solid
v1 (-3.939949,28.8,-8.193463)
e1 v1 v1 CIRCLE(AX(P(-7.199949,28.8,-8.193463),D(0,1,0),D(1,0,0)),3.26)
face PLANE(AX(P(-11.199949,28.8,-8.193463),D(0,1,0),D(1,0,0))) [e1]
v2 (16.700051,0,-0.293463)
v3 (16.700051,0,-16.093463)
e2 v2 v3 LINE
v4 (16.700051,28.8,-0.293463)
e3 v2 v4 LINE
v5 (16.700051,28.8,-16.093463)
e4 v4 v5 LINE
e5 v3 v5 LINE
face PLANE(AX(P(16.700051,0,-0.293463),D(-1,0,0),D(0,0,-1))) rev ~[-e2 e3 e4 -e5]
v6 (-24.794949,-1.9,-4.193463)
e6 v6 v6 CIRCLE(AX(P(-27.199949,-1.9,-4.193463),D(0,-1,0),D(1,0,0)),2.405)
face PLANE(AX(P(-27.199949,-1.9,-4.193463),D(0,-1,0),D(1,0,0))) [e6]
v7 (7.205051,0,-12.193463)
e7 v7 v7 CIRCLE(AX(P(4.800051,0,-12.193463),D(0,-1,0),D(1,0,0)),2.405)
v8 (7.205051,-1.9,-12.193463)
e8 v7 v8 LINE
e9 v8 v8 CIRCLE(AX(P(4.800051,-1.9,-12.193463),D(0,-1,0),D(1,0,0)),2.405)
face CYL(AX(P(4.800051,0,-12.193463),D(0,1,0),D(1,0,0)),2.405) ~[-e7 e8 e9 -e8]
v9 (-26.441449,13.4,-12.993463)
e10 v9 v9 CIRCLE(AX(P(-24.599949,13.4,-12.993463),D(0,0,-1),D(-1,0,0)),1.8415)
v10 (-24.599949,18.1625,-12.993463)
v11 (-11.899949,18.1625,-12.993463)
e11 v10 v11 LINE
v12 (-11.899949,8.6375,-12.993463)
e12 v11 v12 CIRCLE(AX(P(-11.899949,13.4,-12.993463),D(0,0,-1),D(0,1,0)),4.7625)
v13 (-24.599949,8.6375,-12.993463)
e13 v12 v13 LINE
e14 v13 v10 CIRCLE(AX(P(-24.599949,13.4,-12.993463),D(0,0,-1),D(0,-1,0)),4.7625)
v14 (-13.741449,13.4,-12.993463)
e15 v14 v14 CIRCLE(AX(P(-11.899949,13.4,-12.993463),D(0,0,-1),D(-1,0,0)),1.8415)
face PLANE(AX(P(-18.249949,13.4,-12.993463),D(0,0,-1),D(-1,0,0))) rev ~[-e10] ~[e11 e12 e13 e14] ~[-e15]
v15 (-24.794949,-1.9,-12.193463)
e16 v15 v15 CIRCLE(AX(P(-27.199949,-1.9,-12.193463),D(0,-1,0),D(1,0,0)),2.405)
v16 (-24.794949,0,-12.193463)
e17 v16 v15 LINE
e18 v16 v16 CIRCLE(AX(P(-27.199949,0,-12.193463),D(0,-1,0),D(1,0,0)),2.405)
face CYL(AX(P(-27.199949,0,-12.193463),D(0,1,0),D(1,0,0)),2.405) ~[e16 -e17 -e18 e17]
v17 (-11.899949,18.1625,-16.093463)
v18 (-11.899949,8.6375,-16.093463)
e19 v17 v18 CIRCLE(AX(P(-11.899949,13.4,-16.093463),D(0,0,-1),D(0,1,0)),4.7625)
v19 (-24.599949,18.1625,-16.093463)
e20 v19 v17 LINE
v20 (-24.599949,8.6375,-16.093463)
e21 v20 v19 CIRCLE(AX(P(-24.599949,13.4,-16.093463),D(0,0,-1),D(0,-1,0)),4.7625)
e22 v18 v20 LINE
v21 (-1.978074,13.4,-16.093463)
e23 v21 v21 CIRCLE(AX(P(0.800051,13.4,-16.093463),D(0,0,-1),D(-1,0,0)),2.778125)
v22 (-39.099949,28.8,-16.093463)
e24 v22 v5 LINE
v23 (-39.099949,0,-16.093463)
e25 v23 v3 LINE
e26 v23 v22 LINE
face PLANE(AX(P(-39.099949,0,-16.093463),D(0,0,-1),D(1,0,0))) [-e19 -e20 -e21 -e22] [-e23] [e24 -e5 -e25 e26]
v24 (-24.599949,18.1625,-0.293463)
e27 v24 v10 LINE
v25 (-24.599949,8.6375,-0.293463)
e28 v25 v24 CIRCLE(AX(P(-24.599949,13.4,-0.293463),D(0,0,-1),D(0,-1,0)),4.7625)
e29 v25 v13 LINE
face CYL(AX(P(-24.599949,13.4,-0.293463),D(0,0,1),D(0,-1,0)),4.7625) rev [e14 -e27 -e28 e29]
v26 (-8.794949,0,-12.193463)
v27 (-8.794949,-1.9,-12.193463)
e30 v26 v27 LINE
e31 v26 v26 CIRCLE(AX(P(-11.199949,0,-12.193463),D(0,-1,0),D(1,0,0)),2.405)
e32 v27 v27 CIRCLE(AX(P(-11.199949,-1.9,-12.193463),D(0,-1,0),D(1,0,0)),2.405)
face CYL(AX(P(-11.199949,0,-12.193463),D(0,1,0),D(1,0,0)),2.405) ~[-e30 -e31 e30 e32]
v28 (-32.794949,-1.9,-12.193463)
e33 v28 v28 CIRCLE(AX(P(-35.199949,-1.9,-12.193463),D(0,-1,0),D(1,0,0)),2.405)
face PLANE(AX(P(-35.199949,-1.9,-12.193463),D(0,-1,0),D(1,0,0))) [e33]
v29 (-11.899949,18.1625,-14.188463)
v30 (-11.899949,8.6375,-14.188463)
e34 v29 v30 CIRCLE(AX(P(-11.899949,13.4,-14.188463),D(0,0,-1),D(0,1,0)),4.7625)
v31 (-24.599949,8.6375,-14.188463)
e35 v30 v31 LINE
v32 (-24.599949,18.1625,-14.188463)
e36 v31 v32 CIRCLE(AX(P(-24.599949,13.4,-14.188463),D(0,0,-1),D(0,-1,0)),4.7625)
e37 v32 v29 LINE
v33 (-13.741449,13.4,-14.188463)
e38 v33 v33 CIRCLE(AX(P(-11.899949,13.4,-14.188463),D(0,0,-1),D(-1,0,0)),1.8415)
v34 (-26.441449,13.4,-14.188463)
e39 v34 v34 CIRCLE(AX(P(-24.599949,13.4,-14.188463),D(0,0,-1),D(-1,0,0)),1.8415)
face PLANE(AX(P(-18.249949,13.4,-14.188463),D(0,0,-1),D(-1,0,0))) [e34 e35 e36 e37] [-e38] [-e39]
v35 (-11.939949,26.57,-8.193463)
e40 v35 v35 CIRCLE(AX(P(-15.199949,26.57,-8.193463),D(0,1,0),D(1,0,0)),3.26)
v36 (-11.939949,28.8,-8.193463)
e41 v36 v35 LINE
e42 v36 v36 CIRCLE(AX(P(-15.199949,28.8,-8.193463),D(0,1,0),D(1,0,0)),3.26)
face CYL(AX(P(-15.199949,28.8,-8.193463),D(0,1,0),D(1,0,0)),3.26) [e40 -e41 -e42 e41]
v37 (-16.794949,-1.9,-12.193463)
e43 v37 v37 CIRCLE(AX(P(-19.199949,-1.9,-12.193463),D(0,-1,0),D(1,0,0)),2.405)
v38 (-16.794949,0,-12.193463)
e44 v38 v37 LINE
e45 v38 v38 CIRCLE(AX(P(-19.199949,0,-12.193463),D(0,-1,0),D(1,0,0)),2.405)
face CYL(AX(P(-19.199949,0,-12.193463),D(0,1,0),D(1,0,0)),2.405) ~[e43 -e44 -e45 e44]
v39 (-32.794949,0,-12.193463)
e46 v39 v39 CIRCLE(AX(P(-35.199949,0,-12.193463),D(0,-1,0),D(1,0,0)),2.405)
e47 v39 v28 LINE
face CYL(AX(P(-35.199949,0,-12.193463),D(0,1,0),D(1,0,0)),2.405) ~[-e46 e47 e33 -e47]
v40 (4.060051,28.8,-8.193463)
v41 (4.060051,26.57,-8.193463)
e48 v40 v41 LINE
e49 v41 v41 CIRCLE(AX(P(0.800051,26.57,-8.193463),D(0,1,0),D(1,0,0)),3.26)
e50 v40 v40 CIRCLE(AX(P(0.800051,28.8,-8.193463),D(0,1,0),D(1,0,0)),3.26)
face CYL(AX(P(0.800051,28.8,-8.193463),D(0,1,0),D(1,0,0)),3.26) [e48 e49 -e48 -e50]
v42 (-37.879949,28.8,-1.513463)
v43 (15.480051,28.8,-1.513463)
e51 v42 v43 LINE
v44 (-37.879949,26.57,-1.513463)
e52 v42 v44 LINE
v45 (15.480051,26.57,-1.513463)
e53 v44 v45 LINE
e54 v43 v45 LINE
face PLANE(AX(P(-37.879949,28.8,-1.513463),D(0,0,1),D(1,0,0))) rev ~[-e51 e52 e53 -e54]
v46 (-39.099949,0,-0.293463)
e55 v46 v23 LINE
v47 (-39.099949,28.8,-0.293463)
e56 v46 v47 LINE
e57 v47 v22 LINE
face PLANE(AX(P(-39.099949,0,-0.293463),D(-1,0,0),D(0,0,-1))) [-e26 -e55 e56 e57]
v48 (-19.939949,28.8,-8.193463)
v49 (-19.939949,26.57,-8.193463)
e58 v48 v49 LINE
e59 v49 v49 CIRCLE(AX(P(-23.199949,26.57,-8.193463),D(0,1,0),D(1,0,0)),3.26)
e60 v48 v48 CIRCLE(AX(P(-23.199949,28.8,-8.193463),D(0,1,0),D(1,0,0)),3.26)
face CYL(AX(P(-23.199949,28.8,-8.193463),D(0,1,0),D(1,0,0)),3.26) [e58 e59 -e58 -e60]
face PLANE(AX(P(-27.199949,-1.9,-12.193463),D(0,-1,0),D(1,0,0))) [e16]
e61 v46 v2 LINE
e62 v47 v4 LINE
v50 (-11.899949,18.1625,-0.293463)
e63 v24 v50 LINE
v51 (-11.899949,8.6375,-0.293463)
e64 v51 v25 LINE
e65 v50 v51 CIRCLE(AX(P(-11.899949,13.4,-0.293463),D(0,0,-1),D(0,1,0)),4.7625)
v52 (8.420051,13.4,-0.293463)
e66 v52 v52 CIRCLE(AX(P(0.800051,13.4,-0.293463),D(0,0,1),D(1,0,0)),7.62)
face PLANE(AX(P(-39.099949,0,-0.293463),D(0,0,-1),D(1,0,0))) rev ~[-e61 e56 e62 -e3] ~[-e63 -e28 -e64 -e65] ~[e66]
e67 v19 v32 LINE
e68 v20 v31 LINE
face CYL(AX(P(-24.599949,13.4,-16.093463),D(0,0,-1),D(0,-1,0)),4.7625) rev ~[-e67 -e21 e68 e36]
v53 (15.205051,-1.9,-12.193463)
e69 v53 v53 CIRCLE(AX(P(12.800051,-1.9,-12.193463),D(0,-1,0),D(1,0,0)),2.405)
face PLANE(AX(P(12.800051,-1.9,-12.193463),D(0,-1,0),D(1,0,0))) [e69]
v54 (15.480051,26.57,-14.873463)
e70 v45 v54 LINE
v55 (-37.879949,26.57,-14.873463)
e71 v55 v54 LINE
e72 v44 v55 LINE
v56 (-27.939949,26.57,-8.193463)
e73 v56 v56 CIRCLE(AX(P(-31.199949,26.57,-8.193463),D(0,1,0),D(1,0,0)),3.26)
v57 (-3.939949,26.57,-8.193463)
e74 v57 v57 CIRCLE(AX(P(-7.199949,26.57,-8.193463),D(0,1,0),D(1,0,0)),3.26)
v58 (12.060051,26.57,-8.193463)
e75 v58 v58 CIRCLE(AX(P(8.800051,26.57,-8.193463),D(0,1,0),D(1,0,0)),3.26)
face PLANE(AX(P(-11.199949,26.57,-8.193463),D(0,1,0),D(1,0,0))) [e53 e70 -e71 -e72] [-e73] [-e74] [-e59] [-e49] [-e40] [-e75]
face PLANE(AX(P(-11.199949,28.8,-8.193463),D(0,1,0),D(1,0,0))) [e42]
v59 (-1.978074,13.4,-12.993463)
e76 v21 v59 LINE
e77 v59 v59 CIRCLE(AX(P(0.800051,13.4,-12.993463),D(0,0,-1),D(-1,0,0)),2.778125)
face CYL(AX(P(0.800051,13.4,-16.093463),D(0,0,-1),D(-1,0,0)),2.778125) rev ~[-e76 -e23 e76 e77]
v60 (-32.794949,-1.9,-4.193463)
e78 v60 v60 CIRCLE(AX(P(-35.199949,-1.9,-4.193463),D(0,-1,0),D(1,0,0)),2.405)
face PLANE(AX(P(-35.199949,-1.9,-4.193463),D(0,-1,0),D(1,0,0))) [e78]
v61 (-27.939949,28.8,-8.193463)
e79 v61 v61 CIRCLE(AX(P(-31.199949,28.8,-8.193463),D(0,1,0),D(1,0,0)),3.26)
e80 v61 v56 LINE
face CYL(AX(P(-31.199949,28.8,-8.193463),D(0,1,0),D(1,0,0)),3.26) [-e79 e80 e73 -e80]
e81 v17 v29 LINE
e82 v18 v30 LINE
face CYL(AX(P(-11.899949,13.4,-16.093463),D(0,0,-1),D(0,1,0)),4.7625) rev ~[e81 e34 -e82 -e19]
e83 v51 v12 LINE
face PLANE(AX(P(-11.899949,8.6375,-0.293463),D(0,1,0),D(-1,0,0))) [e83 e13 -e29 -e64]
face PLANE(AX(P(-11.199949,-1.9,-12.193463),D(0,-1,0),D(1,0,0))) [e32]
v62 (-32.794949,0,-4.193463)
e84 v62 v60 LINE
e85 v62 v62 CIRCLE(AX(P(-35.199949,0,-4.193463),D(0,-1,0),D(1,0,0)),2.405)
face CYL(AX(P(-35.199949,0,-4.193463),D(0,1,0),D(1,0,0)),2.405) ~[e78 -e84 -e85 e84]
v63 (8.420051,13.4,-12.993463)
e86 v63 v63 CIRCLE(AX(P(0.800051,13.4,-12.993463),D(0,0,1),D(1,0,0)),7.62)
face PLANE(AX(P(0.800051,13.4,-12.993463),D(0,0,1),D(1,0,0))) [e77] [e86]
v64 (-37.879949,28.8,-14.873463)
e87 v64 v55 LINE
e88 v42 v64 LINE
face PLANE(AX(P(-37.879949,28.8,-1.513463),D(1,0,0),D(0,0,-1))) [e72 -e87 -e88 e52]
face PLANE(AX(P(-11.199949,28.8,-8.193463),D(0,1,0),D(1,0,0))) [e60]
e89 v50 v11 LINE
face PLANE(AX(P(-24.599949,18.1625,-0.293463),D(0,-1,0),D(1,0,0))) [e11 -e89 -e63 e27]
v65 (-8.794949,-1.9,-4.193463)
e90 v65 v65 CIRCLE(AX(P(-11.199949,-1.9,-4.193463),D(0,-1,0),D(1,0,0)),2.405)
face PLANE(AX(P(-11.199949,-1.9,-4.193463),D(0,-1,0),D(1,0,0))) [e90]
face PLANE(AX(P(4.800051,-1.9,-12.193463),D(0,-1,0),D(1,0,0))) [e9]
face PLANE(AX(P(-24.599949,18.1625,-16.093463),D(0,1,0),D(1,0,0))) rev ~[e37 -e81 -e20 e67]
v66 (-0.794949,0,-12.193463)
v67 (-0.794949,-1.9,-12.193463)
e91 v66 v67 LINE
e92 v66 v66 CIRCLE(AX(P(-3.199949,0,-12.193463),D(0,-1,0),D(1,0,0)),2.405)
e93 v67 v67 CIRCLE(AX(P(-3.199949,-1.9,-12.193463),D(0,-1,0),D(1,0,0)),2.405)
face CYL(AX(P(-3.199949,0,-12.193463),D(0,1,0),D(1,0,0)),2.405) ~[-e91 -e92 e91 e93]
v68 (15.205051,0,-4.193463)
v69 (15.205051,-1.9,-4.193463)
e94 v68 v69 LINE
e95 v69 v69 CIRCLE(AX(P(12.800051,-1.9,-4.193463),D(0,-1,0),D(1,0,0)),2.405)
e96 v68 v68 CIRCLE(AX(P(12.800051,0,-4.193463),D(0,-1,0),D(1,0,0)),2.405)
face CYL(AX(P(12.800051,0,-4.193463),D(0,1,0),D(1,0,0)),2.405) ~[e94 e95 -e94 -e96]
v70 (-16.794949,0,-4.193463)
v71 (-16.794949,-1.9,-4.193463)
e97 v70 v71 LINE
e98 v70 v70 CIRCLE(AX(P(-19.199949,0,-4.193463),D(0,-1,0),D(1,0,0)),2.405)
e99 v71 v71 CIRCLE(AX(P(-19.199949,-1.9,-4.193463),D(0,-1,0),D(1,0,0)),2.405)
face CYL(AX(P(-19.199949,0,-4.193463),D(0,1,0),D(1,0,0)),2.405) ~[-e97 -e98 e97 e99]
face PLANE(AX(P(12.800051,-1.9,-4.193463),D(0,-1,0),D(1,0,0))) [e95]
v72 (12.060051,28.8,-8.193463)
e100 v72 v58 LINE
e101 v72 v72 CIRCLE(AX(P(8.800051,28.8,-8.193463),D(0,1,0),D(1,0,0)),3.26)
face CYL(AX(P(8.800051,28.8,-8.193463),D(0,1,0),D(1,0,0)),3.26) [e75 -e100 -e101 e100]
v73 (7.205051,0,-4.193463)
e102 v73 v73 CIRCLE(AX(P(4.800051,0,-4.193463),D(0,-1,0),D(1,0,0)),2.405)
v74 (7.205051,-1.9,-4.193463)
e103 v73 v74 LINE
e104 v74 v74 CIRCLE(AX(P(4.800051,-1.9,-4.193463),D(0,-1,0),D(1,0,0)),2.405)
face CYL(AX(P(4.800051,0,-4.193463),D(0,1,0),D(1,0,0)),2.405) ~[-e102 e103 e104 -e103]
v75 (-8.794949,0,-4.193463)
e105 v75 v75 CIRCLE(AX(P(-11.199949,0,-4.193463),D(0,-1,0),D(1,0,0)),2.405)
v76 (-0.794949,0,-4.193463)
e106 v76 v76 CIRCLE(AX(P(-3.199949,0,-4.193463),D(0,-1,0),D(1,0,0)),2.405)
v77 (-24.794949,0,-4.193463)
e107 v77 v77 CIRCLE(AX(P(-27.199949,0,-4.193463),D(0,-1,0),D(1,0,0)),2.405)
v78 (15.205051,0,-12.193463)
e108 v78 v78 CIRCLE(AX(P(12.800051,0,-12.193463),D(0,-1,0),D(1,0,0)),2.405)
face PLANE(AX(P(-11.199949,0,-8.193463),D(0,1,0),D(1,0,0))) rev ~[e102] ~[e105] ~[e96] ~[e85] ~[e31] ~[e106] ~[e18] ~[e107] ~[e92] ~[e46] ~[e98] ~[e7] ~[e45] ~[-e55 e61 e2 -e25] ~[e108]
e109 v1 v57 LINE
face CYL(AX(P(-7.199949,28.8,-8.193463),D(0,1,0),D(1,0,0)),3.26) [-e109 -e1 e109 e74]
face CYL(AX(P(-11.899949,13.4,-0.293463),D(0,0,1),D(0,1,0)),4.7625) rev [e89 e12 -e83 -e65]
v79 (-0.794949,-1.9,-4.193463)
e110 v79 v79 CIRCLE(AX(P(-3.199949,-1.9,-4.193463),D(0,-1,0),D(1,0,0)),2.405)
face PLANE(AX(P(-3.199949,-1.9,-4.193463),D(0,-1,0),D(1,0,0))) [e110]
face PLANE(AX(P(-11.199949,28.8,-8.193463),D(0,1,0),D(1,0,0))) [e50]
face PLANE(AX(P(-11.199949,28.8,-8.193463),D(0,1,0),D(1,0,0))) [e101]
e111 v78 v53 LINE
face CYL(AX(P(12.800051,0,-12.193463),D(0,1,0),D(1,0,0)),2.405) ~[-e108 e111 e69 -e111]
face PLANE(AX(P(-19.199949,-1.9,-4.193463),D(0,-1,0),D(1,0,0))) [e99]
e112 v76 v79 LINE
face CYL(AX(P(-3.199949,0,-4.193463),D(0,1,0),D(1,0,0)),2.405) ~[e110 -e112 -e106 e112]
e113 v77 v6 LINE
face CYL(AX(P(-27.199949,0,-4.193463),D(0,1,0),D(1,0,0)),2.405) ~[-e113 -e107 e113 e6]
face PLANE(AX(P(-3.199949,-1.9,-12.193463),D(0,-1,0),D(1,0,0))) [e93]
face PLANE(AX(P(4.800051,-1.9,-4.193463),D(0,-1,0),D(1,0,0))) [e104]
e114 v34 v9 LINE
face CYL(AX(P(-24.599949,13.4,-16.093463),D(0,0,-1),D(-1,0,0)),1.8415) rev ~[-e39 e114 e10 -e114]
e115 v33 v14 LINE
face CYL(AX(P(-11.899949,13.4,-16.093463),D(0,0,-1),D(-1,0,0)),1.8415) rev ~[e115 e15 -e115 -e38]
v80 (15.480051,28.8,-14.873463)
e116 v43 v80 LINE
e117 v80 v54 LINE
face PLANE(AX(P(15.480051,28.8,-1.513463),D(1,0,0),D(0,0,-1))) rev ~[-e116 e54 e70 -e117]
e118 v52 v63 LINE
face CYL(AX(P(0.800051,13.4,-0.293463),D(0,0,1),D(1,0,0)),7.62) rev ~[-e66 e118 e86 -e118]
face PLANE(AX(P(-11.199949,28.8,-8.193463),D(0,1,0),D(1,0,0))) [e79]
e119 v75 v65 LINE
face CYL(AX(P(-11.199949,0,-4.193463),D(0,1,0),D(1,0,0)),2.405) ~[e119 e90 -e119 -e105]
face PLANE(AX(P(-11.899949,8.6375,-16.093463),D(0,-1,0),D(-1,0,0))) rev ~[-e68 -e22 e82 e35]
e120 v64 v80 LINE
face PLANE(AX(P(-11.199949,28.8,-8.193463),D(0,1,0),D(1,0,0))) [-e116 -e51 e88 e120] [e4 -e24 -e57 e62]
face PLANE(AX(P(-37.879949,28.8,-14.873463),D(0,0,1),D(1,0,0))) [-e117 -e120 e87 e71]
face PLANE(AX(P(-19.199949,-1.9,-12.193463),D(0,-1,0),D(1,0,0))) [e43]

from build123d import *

# Parameters (mm, degrees)
SKETCH1_W           = 55.8
SKETCH1_H           = 15.8
BOSS_EXTRUDE1_DEPTH = 28.8
SKETCH2_R           = 7.62
CUT_EXTRUDE1_DEPTH  = 12.7
SKETCH4_R           = 2.778125
SKETCH4_R_2         = 1.8415
CUT_EXTRUDE2_DEPTH  = 12.7
CUT_EXTRUDE6_DEPTH  = 1.905
SKETCH8_W           = 53.36
SKETCH8_H           = 13.36
SKETCH8_R           = 3.26
CUT_EXTRUDE8_DEPTH  = 2.23
SKETCH11_R          = 2.405
BOSS_EXTRUDE3_DEPTH = 1.9


with BuildPart() as part:
    # Sketch1 → Boss-Extrude1 (new body)
    with BuildSketch(Plane(origin=(0, 0, 0), x_dir=(1, 0, 0), z_dir=(0, 1, 0))):
        with Locations((-11.199948696, 8.193463303)):
            Rectangle(SKETCH1_W, SKETCH1_H)
    extrude(amount=BOSS_EXTRUDE1_DEPTH)

    # Sketch2 → Cut-Extrude1 (cut)
    with BuildSketch(Plane.XY.offset(-0.293463303)):
        with Locations((0.800051304, 13.4)):
            Circle(SKETCH2_R)
        with BuildLine():
            Line((-11.899948696, 8.6375), (-24.599948696, 8.6375))
            ThreePointArc((-24.599948696, 8.6375), (-29.362448696, 13.4), (-24.599948696, 18.1625))
            Line((-24.599948696, 18.1625), (-11.899948696, 18.1625))
            ThreePointArc((-11.899948696, 18.1625), (-7.137448696, 13.4), (-11.899948696, 8.6375))
        make_face()
    extrude(amount=-CUT_EXTRUDE1_DEPTH, mode=Mode.SUBTRACT)

    # Sketch4 → Cut-Extrude2 (cut)
    with BuildSketch(Plane(origin=(0, 0, -16.093463303), x_dir=(-1, 0, 0), z_dir=(0, 0, -1))):
        with Locations((-0.800051304, 13.4)):
            Circle(SKETCH4_R)
        with Locations((11.899948696, 13.4)):
            Circle(SKETCH4_R_2)
        with Locations((24.599948696, 13.4)):
            Circle(SKETCH4_R_2)
    extrude(amount=-CUT_EXTRUDE2_DEPTH, mode=Mode.SUBTRACT)

    # Sketch5 → Cut-Extrude6 (cut)
    with BuildSketch(Plane(origin=(0, 0, -16.093463303), x_dir=(-1, 0, 0), z_dir=(0, 0, -1))):
        with BuildLine():
            Line((24.599948696, 18.1625), (11.899948696, 18.1625))
            ThreePointArc((11.899948696, 18.1625), (7.137448696, 13.4), (11.899948696, 8.6375))
            Line((11.899948696, 8.6375), (24.599948696, 8.6375))
            ThreePointArc((24.599948696, 8.6375), (29.362448696, 13.4), (24.599948696, 18.1625))
        make_face()
    extrude(amount=-CUT_EXTRUDE6_DEPTH, mode=Mode.SUBTRACT)

    # Sketch8 → Cut-Extrude8 (cut)
    with BuildSketch(Plane(origin=(0, 28.8, 0), x_dir=(1, 0, 0), z_dir=(0, 1, 0))):
        with Locations((-11.199948696, 8.193463303)):
            Rectangle(SKETCH8_W, SKETCH8_H)
        with Locations((-31.199948696, 8.193463303)):
            Circle(SKETCH8_R, mode=Mode.SUBTRACT)
        with Locations((-23.199948696, 8.193463303)):
            Circle(SKETCH8_R, mode=Mode.SUBTRACT)
        with Locations((-15.199948696, 8.193463303)):
            Circle(SKETCH8_R, mode=Mode.SUBTRACT)
        with Locations((-7.199948696, 8.193463303)):
            Circle(SKETCH8_R, mode=Mode.SUBTRACT)
        with Locations((0.800051304, 8.193463303)):
            Circle(SKETCH8_R, mode=Mode.SUBTRACT)
        with Locations((8.800051304, 8.193463303)):
            Circle(SKETCH8_R, mode=Mode.SUBTRACT)
    extrude(amount=-CUT_EXTRUDE8_DEPTH, mode=Mode.SUBTRACT)

    # Sketch11 → Boss-Extrude3 (add)
    with BuildSketch(Plane.XZ):
        with Locations((-35.199948696, -4.193463303)):
            Circle(SKETCH11_R)
        with Locations((-35.199948696, -12.193463303)):
            Circle(SKETCH11_R)
        with Locations((-27.199948696, -4.193463303)):
            Circle(SKETCH11_R)
        with Locations((-27.199948696, -12.193463303)):
            Circle(SKETCH11_R)
        with Locations((-19.199948696, -4.193463303)):
            Circle(SKETCH11_R)
        with Locations((-19.199948696, -12.193463303)):
            Circle(SKETCH11_R)
        with Locations((-11.199948696, -4.193463303)):
            Circle(SKETCH11_R)
        with Locations((-11.199948696, -12.193463303)):
            Circle(SKETCH11_R)
        with Locations((-3.199948696, -4.193463303)):
            Circle(SKETCH11_R)
        with Locations((-3.199948696, -12.193463303)):
            Circle(SKETCH11_R)
        with Locations((4.800051304, -4.193463303)):
            Circle(SKETCH11_R)
        with Locations((4.800051304, -12.193463303)):
            Circle(SKETCH11_R)
        with Locations((12.800051304, -4.193463303)):
            Circle(SKETCH11_R)
        with Locations((12.800051304, -12.193463303)):
            Circle(SKETCH11_R)
    extrude(amount=BOSS_EXTRUDE3_DEPTH)


solid = part.part
